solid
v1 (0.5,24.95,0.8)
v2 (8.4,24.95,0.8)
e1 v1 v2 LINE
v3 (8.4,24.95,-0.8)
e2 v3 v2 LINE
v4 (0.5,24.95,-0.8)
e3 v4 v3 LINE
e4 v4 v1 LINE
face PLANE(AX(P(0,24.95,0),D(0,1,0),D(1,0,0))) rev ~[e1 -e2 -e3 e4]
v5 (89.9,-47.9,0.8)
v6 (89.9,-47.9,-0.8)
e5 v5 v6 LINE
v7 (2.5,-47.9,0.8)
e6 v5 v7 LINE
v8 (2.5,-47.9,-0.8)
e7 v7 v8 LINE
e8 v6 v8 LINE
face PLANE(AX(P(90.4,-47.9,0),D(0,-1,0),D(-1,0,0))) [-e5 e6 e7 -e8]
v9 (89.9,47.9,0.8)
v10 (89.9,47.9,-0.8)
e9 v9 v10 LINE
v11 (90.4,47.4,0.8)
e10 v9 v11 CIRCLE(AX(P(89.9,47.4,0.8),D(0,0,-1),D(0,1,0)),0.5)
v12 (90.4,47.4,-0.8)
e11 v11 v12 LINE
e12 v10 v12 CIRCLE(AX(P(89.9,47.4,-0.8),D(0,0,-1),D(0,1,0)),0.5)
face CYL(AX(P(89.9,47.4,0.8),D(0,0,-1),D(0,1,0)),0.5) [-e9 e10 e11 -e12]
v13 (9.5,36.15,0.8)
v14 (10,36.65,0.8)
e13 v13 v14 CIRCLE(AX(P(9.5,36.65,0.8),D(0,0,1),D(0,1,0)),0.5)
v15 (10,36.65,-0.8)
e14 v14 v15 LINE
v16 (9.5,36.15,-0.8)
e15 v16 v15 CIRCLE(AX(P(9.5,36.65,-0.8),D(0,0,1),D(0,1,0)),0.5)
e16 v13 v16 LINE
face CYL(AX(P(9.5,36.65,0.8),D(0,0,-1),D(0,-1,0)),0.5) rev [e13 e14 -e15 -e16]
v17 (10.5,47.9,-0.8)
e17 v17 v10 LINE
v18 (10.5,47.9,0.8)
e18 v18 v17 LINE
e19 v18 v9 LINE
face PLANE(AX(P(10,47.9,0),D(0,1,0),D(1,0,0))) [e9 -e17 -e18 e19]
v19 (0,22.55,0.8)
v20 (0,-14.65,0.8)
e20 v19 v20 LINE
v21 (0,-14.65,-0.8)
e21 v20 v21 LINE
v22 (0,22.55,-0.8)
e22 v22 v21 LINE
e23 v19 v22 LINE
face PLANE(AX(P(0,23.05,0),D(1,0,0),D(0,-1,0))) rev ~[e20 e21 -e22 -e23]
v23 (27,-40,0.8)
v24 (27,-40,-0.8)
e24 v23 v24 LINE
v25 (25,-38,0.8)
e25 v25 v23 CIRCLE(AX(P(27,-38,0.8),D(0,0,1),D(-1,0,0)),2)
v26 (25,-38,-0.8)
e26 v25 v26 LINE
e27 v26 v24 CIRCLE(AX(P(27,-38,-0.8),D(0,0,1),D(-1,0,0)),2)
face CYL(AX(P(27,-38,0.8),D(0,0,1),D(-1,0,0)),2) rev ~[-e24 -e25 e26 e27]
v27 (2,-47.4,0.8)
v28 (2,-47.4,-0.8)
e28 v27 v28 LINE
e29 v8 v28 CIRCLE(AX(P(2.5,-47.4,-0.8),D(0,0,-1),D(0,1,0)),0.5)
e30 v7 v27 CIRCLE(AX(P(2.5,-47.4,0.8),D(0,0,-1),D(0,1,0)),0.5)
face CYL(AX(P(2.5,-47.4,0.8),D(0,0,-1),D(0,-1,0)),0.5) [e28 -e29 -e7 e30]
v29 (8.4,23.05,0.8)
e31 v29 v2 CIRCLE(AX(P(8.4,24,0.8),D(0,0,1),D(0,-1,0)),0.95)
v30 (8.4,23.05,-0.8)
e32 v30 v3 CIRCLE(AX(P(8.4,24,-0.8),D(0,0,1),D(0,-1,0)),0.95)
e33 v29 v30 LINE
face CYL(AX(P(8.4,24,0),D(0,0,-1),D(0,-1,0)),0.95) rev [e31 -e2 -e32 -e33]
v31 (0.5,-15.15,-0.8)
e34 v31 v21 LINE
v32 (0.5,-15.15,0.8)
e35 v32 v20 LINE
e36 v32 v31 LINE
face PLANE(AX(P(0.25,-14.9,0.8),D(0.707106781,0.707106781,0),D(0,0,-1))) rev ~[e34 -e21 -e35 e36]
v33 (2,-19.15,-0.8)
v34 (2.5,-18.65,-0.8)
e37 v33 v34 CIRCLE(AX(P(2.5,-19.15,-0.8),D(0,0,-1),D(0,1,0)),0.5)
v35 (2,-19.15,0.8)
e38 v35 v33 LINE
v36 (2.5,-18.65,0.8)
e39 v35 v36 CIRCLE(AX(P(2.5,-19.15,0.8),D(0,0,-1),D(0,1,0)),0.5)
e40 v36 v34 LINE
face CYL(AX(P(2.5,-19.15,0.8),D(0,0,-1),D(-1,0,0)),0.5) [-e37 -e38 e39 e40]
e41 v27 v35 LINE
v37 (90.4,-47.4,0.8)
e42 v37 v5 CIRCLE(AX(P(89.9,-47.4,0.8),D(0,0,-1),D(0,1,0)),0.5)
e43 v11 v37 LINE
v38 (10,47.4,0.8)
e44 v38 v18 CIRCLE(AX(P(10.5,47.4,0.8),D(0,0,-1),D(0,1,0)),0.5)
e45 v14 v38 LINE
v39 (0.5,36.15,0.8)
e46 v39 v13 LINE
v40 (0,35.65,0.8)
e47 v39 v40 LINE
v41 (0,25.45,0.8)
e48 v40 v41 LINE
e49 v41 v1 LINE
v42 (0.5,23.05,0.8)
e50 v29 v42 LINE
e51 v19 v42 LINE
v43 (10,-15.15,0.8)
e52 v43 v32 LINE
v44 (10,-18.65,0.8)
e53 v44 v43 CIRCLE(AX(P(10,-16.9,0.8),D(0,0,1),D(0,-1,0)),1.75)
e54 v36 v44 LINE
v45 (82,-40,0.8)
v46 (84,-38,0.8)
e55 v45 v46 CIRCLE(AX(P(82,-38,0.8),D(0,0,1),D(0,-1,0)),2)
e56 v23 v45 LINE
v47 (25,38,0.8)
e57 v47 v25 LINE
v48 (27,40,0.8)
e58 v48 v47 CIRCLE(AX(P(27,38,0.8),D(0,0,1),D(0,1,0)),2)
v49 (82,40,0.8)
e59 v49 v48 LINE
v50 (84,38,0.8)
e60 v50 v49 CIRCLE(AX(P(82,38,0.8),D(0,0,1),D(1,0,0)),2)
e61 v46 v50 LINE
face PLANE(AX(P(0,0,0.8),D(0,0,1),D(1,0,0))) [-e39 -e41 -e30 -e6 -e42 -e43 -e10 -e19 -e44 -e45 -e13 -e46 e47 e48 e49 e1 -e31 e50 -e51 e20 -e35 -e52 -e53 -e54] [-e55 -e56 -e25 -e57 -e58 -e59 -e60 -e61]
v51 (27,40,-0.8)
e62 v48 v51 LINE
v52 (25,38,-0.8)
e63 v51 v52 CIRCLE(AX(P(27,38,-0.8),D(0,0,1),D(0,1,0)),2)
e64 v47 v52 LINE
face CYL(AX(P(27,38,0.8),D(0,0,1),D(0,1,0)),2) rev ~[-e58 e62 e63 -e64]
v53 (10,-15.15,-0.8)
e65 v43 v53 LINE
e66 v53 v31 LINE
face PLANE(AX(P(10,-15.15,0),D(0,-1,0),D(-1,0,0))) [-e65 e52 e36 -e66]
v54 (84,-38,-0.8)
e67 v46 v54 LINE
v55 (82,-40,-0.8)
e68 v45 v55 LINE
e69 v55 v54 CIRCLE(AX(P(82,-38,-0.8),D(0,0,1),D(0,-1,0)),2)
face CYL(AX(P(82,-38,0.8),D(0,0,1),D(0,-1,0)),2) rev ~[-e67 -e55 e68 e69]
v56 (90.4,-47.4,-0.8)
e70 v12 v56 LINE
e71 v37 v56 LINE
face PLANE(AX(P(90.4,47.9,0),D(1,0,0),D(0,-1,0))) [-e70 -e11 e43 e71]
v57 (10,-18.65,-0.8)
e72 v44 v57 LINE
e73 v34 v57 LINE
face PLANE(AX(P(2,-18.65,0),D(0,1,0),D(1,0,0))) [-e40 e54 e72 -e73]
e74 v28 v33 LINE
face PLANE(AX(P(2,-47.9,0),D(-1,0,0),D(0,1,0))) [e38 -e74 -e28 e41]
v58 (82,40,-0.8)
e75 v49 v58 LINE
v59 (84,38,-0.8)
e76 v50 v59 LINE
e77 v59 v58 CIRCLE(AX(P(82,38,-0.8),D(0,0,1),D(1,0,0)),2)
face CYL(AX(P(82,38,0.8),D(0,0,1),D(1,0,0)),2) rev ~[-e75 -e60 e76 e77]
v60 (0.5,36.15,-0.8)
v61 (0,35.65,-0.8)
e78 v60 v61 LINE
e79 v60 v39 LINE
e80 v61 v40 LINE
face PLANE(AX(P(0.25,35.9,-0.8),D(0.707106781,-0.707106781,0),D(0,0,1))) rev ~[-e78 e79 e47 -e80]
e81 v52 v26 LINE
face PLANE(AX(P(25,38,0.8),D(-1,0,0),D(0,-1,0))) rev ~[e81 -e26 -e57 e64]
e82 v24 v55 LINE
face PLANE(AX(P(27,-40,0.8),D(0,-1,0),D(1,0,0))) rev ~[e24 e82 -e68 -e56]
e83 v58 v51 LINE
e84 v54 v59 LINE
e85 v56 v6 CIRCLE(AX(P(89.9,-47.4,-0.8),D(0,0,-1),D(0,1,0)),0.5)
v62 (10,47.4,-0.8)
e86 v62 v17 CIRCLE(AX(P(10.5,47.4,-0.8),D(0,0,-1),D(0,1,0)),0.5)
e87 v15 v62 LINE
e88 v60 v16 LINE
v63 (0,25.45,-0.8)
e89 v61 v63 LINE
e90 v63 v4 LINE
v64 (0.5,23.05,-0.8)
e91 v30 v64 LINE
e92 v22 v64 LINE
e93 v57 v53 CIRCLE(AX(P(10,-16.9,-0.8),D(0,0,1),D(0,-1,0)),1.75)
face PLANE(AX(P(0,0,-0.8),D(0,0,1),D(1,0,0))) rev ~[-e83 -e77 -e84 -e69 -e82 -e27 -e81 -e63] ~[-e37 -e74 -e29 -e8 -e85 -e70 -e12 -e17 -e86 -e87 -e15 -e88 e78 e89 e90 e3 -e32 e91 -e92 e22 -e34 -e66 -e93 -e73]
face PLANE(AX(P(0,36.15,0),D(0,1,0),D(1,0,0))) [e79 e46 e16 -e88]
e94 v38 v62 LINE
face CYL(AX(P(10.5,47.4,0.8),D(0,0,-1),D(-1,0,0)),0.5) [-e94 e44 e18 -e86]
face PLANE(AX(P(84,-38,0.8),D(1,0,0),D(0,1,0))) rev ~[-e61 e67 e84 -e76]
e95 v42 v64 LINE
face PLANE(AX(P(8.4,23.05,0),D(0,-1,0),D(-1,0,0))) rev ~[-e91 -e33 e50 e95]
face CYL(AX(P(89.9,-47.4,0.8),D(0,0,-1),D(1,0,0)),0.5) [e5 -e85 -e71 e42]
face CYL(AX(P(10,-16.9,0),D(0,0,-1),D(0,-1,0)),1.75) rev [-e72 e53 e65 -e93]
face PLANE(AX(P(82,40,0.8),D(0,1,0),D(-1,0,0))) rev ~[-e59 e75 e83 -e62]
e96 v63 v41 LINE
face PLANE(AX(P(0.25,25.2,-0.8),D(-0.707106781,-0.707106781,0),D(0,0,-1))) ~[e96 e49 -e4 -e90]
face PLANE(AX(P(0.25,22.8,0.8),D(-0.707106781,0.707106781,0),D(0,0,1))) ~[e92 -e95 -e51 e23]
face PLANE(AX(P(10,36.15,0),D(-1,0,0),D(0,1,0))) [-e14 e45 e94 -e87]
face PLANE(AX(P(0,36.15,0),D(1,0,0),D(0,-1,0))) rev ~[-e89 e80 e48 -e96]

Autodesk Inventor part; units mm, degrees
ref_plane "YZ Plane" through (0, 0, 0) normal (1, 0, 0) x (0, 1, 0)
ref_plane "XZ Plane" through (0, 0, 0) normal (0, 1, 0) x (-1, 0, 0)
ref_plane "XY Plane" through (0, 0, 0) normal (0, 0, 1) x (1, 0, 0)
sketch "Sketch1" plane through (0, 0, 0) normal (0, 0, 1) x (1, 0, 0)
  line L0 (0, 36.15) -> (10, 36.15)
  line L1 (10, 36.15) -> (10, 47.9)
  line L2 (10, 47.9) -> (90.4, 47.9)
  line L3 (90.4, 47.9) -> (90.4, -47.9)
  line L4 (90.4, -47.9) -> (2, -47.9)
  line L5 (10, -15.15) -> (0, -15.15)
  line L6 (-5.5, 48) -> (90.5, 48) construction
  line L7 (90.5, 48) -> (90.5, -48) construction
  line L8 (90.5, -48) -> (-5.5, -48) construction
  line L9 (-5.5, -48) -> (-5.5, 48) construction
  line L10 (-5.4, 47.9) -> (-3.4, 47.9) construction
  line L11 (-3.4, 47.9) -> (-3.4, -47.9) construction
  line L12 (-3.4, -47.9) -> (-5.4, -47.9) construction
  line L13 (-5.4, -47.9) -> (-5.4, 47.9) construction
  line L14 (-3.4, 38.5) -> (7.85, 38.5) construction
  line L15 (7.85, 38.5) -> (7.85, -17.5) construction
  line L16 (7.85, -17.5) -> (-3.4, -17.5) construction
  line L17 (-3.4, -17.5) -> (-3.4, 38.5) construction
  line L18 (2, -47.9) -> (2, -18.65)
  line L19 (2, -18.65) -> (10, -18.65)
  arc A0 (10, -18.65) -> (10, -15.15) centre (10, -16.9) ccw
  line L20 (0, 24) -> (90.5, 24) construction
  circle A1 centre (-2.5, 47.1) radius 0.9 construction
  circle A2 centre (-0.7, 47.1) radius 0.9 construction
  circle A3 centre (1.1, 47.1) radius 0.9 construction
  circle A4 centre (2.9, 47.1) radius 0.9 construction
  circle A5 centre (4.7, 47.1) radius 0.9 construction
  circle A6 centre (6.5, 47.1) radius 0.9 construction
  circle A7 centre (8.3, 47.1) radius 0.9 construction
  circle A8 centre (-2.5, 45.3) radius 0.9 construction
  circle A9 centre (-0.7, 45.3) radius 0.9 construction
  circle A10 centre (1.1, 45.3) radius 0.9 construction
  circle A11 centre (2.9, 45.3) radius 0.9 construction
  circle A12 centre (4.7, 45.3) radius 0.9 construction
  circle A13 centre (6.5, 45.3) radius 0.9 construction
  circle A14 centre (8.3, 45.3) radius 0.9 construction
  circle A15 centre (-2.5, 43.5) radius 0.9 construction
  circle A16 centre (-0.7, 43.5) radius 0.9 construction
  circle A17 centre (1.1, 43.5) radius 0.9 construction
  circle A18 centre (2.9, 43.5) radius 0.9 construction
  circle A19 centre (4.7, 43.5) radius 0.9 construction
  circle A20 centre (6.5, 43.5) radius 0.9 construction
  circle A21 centre (8.3, 43.5) radius 0.9 construction
  circle A22 centre (-2.5, 41.7) radius 0.9 construction
  circle A23 centre (-0.7, 41.7) radius 0.9 construction
  circle A24 centre (1.1, 41.7) radius 0.9 construction
  circle A25 centre (2.9, 41.7) radius 0.9 construction
  circle A26 centre (4.7, 41.7) radius 0.9 construction
  circle A27 centre (6.5, 41.7) radius 0.9 construction
  circle A28 centre (8.3, 41.7) radius 0.9 construction
  circle A29 centre (-2.5, 39.9) radius 0.9 construction
  circle A30 centre (-0.7, 39.9) radius 0.9 construction
  circle A31 centre (1.1, 39.9) radius 0.9 construction
  circle A32 centre (2.9, 39.9) radius 0.9 construction
  circle A33 centre (4.7, 39.9) radius 0.9 construction
  circle A34 centre (6.5, 39.9) radius 0.9 construction
  circle A35 centre (8.3, 39.9) radius 0.9 construction
  line L21 (0, 36.15) -> (0, 24.95)
  line L22 (0, 24.95) -> (8.4, 24.95)
  arc A36 (8.4, 23.05) -> (8.4, 24.95) centre (8.4, 24) ccw
  line L23 (8.4, 23.05) -> (0, 23.05)
  line L24 (0, 23.05) -> (0, -15.15)
  point P0 (0, 0)
  point P1 (-5.5, 0)
  point P2 (90.4, 0)
  point P3 (90.5, 0)
  dimension "d0" = 51.3
  dimension "d1" = 95.8
  dimension "d3" = 10
  dimension "d20" = 96
  dimension "d21" = 96
  dimension "d22" = 0.1
  dimension "d23" = 0.1
  dimension "d24" = 2
  dimension "d25" = 0.1
  dimension "d28" = 11.25
  dimension "d29" = 56
  dimension "d31" = 9.5
  dimension "d32" = 30.5
  dimension "d34" = 3.5
  dimension "d35" = 12.15
  dimension "d36" = 39.15
  dimension "d37" = 14.5
  dimension "d38" = 1.15
  dimension "d39" = 1.8
  dimension "d42" = 1.8
  dimension "d45" = 1.8
  dimension "d48" = 2
  dimension "d49" = 3.4
  dimension "d50" = 1.9
  dimension "d51" = 8.4
  dimension "d52" = 24
extrude "Extrusion1" add sketch "Sketch1" along normal mid plane 1.6
chamfer "Chamfer1" distance 0.5 angle 45 4 edges at (0, 36.15, 0) (0, 24.95, 0) (0, 23.05, 0) (0, -15.15, 0)
fillet "Fillet1" radius 0.5 6 edges at (10, 36.15, 0) (10, 47.9, 0) (90.4, 47.9, 0) (90.4, -47.9, 0) (2, -47.9, 0) (2, -18.65, 0)
sketch "Sketch16" plane through (0, 0, 0.8) normal (0, 0, 1) x (1, 0, 0)
  arc A0 (2.5, -18.65) -> (2, -19.15) centre (2.5, -19.15) ccw projected
  line L0 (2, -19.15) -> (2, -47.4) projected
  arc A1 (2, -47.4) -> (2.5, -47.9) centre (2.5, -47.4) ccw projected
  line L1 (2.5, -47.9) -> (89.9, -47.9) projected
  arc A2 (89.9, -47.9) -> (90.4, -47.4) centre (89.9, -47.4) ccw projected
  line L2 (90.4, -47.4) -> (90.4, 47.4) projected
  arc A3 (90.4, 47.4) -> (89.9, 47.9) centre (89.9, 47.4) ccw projected
  line L3 (89.9, 47.9) -> (10.5, 47.9) projected
  arc A4 (10.5, 47.9) -> (10, 47.4) centre (10.5, 47.4) ccw projected
  line L4 (10, 47.4) -> (10, 36.65) projected
  arc A5 (9.5, 36.15) -> (10, 36.65) centre (9.5, 36.65) ccw projected
  line L5 (9.5, 36.15) -> (0.5, 36.15) projected
  line L6 (0, 35.65) -> (0.5, 36.15) projected
  line L7 (0, 35.65) -> (0, 25.45) projected
  line L8 (0.5, 24.95) -> (0, 25.45) projected
  line L9 (0.5, 24.95) -> (8.4, 24.95) projected
  arc A6 (8.4, 23.05) -> (8.4, 24.95) centre (8.4, 24) ccw projected
  line L10 (8.4, 23.05) -> (0.5, 23.05) projected
  line L11 (0, 22.55) -> (0.5, 23.05) projected
  line L12 (0, 22.55) -> (0, -14.65) projected
  line L13 (0.5, -15.15) -> (0, -14.65) projected
  line L14 (0.5, -15.15) -> (10, -15.15) projected
  arc A7 (10, -18.65) -> (10, -15.15) centre (10, -16.9) ccw projected
  line L15 (10, -18.65) -> (2.5, -18.65) projected
  line L16 (82, 40) -> (27, 40)
  line L17 (25, 38) -> (25, -38)
  line L18 (27, -40) -> (82, -40)
  line L19 (84, -38) -> (84, 38)
  arc A8 (27, 40) -> (25, 38) centre (27, 38) ccw
  arc A9 (84, 38) -> (82, 40) centre (82, 38) ccw
  arc A10 (82, -40) -> (84, -38) centre (82, -38) ccw
  arc A11 (25, -38) -> (27, -40) centre (27, -38) ccw
  point P0 (0, 0)
  point P1 (84, 40)
  point P2 (84, -40)
  point P3 (25, 0)
  dimension "d145" = 80
  dimension "d146" = 25
  dimension "d147" = 84
  dimension "d148" = 2
extrude "Extrusion6" cut sketch "Sketch16" against normal through all contours A9 L19 A10 L18 A11 L17 A8 L16
equation "\"d23\" = d22"
equation "\"d25\" = d22"
equation "\"d42\" = d39"
equation "\"d45\" = d39"
properties part number "Payload-Interposer_PCB" material "Epoxy Resin"
